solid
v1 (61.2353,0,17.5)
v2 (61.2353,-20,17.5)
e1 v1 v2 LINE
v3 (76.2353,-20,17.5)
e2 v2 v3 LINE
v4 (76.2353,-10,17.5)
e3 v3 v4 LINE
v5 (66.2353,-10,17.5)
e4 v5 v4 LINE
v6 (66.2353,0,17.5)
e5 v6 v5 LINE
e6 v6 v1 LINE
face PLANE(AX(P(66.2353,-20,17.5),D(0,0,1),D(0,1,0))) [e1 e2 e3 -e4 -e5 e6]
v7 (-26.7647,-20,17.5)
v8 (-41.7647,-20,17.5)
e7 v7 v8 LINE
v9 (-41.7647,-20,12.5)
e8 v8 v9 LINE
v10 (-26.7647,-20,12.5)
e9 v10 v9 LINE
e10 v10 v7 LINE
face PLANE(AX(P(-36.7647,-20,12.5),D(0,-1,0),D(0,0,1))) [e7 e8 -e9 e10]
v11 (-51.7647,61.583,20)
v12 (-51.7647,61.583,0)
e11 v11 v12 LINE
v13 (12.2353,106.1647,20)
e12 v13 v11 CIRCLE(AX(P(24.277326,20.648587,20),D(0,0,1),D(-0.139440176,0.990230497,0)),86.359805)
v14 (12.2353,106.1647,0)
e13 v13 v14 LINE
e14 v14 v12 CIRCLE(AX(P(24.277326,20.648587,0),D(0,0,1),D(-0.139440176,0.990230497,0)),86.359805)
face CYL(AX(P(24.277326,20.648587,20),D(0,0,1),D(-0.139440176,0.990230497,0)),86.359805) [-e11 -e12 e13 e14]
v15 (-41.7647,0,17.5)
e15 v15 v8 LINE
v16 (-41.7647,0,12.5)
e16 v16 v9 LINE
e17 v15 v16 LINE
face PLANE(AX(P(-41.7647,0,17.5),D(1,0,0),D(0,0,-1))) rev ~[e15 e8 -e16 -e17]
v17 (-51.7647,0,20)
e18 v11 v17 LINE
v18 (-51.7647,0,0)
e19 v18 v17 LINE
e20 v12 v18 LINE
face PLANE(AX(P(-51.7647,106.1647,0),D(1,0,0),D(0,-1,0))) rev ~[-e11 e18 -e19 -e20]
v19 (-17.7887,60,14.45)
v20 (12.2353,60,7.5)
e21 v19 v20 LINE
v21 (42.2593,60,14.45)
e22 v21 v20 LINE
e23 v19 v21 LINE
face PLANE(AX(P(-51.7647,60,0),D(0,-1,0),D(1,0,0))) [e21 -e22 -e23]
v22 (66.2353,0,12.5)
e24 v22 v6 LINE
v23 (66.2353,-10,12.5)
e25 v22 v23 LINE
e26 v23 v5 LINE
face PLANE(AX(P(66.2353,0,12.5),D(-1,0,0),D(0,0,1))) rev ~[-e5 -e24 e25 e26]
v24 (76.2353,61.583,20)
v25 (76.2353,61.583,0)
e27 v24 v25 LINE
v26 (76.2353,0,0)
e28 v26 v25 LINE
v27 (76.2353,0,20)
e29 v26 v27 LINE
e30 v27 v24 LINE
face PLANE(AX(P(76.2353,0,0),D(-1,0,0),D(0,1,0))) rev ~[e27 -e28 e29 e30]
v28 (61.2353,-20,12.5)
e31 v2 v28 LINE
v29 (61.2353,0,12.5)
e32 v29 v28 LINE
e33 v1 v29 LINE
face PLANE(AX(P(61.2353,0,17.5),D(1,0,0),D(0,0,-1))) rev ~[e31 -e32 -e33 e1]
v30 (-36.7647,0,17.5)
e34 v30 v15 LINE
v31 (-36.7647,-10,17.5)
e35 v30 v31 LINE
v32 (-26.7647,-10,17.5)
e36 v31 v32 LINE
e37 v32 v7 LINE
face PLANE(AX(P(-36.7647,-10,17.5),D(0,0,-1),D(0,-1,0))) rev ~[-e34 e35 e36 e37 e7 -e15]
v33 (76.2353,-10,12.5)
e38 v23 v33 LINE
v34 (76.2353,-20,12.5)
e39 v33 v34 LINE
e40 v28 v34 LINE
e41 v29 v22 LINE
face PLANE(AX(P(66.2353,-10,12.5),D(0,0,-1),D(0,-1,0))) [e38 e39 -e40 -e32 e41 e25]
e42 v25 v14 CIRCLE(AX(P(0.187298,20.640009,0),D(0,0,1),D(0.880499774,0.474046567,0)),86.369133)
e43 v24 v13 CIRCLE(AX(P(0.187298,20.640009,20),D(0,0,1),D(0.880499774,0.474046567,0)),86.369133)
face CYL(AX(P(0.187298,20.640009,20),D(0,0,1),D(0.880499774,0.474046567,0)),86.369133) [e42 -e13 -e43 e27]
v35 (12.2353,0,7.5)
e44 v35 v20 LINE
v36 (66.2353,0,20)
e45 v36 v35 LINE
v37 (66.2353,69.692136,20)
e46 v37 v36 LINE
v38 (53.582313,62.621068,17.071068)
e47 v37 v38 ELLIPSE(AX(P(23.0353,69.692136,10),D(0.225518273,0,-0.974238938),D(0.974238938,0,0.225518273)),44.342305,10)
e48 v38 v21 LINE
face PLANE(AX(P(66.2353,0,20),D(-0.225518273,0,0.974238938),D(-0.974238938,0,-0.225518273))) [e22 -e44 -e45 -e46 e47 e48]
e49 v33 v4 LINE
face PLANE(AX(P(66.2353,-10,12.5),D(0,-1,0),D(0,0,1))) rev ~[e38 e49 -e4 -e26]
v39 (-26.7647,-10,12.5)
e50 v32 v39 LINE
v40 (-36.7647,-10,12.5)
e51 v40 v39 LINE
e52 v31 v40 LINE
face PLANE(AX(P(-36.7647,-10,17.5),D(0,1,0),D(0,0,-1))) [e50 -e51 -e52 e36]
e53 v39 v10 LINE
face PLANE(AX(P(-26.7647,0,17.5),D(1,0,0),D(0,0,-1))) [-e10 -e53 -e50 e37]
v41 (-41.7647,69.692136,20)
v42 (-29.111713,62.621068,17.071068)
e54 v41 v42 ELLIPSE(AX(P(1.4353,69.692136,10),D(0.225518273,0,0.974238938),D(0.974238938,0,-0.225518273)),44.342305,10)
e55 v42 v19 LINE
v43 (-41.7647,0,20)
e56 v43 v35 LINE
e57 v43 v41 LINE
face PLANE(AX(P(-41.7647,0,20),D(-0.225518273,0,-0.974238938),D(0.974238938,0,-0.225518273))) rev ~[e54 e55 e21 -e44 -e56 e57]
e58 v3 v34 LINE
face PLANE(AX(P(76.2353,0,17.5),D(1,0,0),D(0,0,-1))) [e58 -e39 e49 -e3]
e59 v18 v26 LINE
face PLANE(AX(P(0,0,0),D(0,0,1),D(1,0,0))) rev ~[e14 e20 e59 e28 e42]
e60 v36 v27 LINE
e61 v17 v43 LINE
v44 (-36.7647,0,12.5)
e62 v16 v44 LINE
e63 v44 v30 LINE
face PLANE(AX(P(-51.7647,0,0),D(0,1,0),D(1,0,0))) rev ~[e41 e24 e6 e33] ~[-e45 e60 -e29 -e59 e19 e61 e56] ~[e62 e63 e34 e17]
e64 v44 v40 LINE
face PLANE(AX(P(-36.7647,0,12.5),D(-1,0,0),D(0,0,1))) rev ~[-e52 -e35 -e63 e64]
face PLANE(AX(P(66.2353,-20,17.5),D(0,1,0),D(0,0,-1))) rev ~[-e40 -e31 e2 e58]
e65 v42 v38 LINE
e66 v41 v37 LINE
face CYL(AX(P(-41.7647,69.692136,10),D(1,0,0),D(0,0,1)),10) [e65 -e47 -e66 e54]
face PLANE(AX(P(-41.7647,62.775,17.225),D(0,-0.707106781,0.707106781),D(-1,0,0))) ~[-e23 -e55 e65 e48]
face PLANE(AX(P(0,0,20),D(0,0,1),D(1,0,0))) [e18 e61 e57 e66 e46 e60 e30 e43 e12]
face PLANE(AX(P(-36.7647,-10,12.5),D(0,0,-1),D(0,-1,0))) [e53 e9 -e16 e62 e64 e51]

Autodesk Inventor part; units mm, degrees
ref_plane "YZ Plane" through (0, 0, 0) normal (1, 0, 0) x (0, 1, 0)
ref_plane "XZ Plane" through (0, 0, 0) normal (0, 1, 0) x (-1, 0, 0)
ref_plane "XY Plane" through (0, 0, 0) normal (0, 0, 1) x (1, 0, 0)
sketch "Esquisse1" plane through (0, 0, 0) normal (0, 0, 1) x (1, 0, 0)
  line L0 (-51.7647, 0) -> (76.2353, 0)
  line L1 (76.2353, 0) -> (76.2353, 106.1647)
  line L2 (76.2353, 106.1647) -> (-51.7647, 106.1647)
  line L3 (-51.7647, 106.1647) -> (-51.7647, 0)
  point P0 (0, 0)
  dimension "d0" = 128
extrude "Extrusion1" add sketch "Esquisse1" along normal blind 20
sketch "Esquisse2" plane through (0, 0, 20) normal (0, 0, 1) x (1, 0, 0)
  line L0 (-51.7647, 106.1647) -> (-51.7647, 0) projected
  line L1 (-51.7647, 61.583) -> (76.7863, 61.583)
  line L2 (76.2353, 106.1647) -> (-51.7647, 106.1647) projected
  arc A0 (76.2353, 61.583) -> (12.2353, 106.1647) centre (0.1874, 20.6401) ccw
  line L3 (-51.7647, 106.1647) -> (-51.7647, 61.583)
  line L4 (-51.7647, 106.1647) -> (76.2353, 106.1647)
  line L5 (76.2353, 0) -> (76.2353, 106.1647) projected
  line L6 (76.2353, 106.1647) -> (76.2353, 61.583)
  arc A1 (12.2353, 106.1647) -> (-51.7647, 61.583) centre (24.2774, 20.6484) ccw
  line L7 (-51.7647, 61.583) -> (-51.7647, 106.1647)
  line L8 (-51.7647, 106.1647) -> (76.2353, 106.1647)
  line L9 (76.2353, 106.1647) -> (76.2353, 61.583)
  point P0 (0, 0)
  dimension "d5" = 86.36
extrude "Extrusion2" cut sketch "Esquisse2" against normal blind 20 contours L2 A1 L0 | L2 L5 A0
sketch "Esquisse3" plane through (-51.7647, 0, 0) normal (0, -1, 0) x (1, 0, 0)
  line L0 (0, 20) -> (128, 20) projected
  line L1 (10, 20) -> (118, 20)
  line L2 (118, 20) -> (118, 7.5)
  line L3 (118, 7.5) -> (10, 7.5)
  line L4 (10, 7.5) -> (10, 20)
  line L5 (0, 0) -> (0, 20) projected
  line L6 (128, 0) -> (128, 20) projected
  line L7 (0, 0) -> (128, 0) projected
  line L8 (10, 20) -> (64, 7.5)
  line L9 (118, 20) -> (64, 7.5)
  line L10 (118, 20) -> (10, 20)
  point P0 (51.7647, 0)
  dimension "d6" = 10
  dimension "d7" = 10
  dimension "d8" = 7.5
extrude "Extrusion3" cut sketch "Esquisse3" against normal blind 60 contours L0 L9 L8
chamfer "Chanfrein1" distance 5.55 angle 45 1 edges at (12.2353, 60, 20)
fillet "Congé1" radius 10 1 edges at (12.2353, 65.55, 20)
sketch "Esquisse4" plane through (-51.7647, 0, 0) normal (0, -1, 0) x (1, 0, 0)
  line L0 (10, 12.5) -> (15, 12.5)
  line L1 (15, 12.5) -> (15, 17.5)
  line L2 (15, 17.5) -> (10, 17.5)
  line L3 (10, 17.5) -> (10, 12.5)
  line L4 (0, 20) -> (10, 20) projected
  line L5 (0, 0) -> (0, 20) projected
  point P0 (51.7647, 0)
  point P1 (5, 20)
  dimension "d15" = 5
  dimension "d16" = 5
  dimension "d17" = 2.5
  dimension "d18" = 10
extrude "Extrusion4" add sketch "Esquisse4" along normal blind 20
sketch "Esquisse5" plane through (-36.7647, 0, 17.5) normal (1, 0, 0) x (0, 0, -1)
  point P0 (17.5, 0)
sketch "Esquisse6" plane through (-36.7647, 0, 17.5) normal (1, 0, 0) x (0, 0, -1)
  line L0 (5, 0) -> (5, -20) projected
  line L1 (0, 0) -> (0, -20) projected
  line L2 (5, -20) -> (0, -20)
  line L3 (0, -20) -> (0, -10)
  line L4 (0, -10) -> (5, -10)
  line L5 (5, -10) -> (5, -20)
  point P0 (17.5, 0)
extrude "Extrusion5" add sketch "Esquisse6" along normal blind 10
sketch "Esquisse7" plane through (-51.7647, 0, 0) normal (0, -1, 0) x (1, 0, 0)
  line L0 (118, 17.5) -> (113, 17.5)
  line L1 (113, 17.5) -> (113, 12.5)
  line L2 (113, 12.5) -> (118, 12.5)
  line L3 (118, 12.5) -> (118, 17.5)
  line L4 (128, 0) -> (128, 20) projected
  line L5 (118, 20) -> (128, 20) projected
  point P0 (51.7647, 0)
  dimension "d23" = 5
  dimension "d24" = 5
  dimension "d25" = 10
  dimension "d26" = 2.5
extrude "Extrusion6" add sketch "Esquisse7" along normal blind 20
sketch "Esquisse8" plane through (66.2353, 0, 17.5) normal (1, 0, 0) x (0, 0, -1)
  line L0 (0, -20) -> (5, -20) projected
  line L1 (5, -10) -> (0, -10) projected
  line L2 (5, -20) -> (0, -20)
  line L3 (0, -20) -> (0, -10)
  line L4 (0, -10) -> (5, -10)
  line L5 (5, -10) -> (5, -20)
  point P0 (17.5, 0)
extrude "Extrusion7" add sketch "Esquisse8" along normal blind 10
properties part number "coupole"
